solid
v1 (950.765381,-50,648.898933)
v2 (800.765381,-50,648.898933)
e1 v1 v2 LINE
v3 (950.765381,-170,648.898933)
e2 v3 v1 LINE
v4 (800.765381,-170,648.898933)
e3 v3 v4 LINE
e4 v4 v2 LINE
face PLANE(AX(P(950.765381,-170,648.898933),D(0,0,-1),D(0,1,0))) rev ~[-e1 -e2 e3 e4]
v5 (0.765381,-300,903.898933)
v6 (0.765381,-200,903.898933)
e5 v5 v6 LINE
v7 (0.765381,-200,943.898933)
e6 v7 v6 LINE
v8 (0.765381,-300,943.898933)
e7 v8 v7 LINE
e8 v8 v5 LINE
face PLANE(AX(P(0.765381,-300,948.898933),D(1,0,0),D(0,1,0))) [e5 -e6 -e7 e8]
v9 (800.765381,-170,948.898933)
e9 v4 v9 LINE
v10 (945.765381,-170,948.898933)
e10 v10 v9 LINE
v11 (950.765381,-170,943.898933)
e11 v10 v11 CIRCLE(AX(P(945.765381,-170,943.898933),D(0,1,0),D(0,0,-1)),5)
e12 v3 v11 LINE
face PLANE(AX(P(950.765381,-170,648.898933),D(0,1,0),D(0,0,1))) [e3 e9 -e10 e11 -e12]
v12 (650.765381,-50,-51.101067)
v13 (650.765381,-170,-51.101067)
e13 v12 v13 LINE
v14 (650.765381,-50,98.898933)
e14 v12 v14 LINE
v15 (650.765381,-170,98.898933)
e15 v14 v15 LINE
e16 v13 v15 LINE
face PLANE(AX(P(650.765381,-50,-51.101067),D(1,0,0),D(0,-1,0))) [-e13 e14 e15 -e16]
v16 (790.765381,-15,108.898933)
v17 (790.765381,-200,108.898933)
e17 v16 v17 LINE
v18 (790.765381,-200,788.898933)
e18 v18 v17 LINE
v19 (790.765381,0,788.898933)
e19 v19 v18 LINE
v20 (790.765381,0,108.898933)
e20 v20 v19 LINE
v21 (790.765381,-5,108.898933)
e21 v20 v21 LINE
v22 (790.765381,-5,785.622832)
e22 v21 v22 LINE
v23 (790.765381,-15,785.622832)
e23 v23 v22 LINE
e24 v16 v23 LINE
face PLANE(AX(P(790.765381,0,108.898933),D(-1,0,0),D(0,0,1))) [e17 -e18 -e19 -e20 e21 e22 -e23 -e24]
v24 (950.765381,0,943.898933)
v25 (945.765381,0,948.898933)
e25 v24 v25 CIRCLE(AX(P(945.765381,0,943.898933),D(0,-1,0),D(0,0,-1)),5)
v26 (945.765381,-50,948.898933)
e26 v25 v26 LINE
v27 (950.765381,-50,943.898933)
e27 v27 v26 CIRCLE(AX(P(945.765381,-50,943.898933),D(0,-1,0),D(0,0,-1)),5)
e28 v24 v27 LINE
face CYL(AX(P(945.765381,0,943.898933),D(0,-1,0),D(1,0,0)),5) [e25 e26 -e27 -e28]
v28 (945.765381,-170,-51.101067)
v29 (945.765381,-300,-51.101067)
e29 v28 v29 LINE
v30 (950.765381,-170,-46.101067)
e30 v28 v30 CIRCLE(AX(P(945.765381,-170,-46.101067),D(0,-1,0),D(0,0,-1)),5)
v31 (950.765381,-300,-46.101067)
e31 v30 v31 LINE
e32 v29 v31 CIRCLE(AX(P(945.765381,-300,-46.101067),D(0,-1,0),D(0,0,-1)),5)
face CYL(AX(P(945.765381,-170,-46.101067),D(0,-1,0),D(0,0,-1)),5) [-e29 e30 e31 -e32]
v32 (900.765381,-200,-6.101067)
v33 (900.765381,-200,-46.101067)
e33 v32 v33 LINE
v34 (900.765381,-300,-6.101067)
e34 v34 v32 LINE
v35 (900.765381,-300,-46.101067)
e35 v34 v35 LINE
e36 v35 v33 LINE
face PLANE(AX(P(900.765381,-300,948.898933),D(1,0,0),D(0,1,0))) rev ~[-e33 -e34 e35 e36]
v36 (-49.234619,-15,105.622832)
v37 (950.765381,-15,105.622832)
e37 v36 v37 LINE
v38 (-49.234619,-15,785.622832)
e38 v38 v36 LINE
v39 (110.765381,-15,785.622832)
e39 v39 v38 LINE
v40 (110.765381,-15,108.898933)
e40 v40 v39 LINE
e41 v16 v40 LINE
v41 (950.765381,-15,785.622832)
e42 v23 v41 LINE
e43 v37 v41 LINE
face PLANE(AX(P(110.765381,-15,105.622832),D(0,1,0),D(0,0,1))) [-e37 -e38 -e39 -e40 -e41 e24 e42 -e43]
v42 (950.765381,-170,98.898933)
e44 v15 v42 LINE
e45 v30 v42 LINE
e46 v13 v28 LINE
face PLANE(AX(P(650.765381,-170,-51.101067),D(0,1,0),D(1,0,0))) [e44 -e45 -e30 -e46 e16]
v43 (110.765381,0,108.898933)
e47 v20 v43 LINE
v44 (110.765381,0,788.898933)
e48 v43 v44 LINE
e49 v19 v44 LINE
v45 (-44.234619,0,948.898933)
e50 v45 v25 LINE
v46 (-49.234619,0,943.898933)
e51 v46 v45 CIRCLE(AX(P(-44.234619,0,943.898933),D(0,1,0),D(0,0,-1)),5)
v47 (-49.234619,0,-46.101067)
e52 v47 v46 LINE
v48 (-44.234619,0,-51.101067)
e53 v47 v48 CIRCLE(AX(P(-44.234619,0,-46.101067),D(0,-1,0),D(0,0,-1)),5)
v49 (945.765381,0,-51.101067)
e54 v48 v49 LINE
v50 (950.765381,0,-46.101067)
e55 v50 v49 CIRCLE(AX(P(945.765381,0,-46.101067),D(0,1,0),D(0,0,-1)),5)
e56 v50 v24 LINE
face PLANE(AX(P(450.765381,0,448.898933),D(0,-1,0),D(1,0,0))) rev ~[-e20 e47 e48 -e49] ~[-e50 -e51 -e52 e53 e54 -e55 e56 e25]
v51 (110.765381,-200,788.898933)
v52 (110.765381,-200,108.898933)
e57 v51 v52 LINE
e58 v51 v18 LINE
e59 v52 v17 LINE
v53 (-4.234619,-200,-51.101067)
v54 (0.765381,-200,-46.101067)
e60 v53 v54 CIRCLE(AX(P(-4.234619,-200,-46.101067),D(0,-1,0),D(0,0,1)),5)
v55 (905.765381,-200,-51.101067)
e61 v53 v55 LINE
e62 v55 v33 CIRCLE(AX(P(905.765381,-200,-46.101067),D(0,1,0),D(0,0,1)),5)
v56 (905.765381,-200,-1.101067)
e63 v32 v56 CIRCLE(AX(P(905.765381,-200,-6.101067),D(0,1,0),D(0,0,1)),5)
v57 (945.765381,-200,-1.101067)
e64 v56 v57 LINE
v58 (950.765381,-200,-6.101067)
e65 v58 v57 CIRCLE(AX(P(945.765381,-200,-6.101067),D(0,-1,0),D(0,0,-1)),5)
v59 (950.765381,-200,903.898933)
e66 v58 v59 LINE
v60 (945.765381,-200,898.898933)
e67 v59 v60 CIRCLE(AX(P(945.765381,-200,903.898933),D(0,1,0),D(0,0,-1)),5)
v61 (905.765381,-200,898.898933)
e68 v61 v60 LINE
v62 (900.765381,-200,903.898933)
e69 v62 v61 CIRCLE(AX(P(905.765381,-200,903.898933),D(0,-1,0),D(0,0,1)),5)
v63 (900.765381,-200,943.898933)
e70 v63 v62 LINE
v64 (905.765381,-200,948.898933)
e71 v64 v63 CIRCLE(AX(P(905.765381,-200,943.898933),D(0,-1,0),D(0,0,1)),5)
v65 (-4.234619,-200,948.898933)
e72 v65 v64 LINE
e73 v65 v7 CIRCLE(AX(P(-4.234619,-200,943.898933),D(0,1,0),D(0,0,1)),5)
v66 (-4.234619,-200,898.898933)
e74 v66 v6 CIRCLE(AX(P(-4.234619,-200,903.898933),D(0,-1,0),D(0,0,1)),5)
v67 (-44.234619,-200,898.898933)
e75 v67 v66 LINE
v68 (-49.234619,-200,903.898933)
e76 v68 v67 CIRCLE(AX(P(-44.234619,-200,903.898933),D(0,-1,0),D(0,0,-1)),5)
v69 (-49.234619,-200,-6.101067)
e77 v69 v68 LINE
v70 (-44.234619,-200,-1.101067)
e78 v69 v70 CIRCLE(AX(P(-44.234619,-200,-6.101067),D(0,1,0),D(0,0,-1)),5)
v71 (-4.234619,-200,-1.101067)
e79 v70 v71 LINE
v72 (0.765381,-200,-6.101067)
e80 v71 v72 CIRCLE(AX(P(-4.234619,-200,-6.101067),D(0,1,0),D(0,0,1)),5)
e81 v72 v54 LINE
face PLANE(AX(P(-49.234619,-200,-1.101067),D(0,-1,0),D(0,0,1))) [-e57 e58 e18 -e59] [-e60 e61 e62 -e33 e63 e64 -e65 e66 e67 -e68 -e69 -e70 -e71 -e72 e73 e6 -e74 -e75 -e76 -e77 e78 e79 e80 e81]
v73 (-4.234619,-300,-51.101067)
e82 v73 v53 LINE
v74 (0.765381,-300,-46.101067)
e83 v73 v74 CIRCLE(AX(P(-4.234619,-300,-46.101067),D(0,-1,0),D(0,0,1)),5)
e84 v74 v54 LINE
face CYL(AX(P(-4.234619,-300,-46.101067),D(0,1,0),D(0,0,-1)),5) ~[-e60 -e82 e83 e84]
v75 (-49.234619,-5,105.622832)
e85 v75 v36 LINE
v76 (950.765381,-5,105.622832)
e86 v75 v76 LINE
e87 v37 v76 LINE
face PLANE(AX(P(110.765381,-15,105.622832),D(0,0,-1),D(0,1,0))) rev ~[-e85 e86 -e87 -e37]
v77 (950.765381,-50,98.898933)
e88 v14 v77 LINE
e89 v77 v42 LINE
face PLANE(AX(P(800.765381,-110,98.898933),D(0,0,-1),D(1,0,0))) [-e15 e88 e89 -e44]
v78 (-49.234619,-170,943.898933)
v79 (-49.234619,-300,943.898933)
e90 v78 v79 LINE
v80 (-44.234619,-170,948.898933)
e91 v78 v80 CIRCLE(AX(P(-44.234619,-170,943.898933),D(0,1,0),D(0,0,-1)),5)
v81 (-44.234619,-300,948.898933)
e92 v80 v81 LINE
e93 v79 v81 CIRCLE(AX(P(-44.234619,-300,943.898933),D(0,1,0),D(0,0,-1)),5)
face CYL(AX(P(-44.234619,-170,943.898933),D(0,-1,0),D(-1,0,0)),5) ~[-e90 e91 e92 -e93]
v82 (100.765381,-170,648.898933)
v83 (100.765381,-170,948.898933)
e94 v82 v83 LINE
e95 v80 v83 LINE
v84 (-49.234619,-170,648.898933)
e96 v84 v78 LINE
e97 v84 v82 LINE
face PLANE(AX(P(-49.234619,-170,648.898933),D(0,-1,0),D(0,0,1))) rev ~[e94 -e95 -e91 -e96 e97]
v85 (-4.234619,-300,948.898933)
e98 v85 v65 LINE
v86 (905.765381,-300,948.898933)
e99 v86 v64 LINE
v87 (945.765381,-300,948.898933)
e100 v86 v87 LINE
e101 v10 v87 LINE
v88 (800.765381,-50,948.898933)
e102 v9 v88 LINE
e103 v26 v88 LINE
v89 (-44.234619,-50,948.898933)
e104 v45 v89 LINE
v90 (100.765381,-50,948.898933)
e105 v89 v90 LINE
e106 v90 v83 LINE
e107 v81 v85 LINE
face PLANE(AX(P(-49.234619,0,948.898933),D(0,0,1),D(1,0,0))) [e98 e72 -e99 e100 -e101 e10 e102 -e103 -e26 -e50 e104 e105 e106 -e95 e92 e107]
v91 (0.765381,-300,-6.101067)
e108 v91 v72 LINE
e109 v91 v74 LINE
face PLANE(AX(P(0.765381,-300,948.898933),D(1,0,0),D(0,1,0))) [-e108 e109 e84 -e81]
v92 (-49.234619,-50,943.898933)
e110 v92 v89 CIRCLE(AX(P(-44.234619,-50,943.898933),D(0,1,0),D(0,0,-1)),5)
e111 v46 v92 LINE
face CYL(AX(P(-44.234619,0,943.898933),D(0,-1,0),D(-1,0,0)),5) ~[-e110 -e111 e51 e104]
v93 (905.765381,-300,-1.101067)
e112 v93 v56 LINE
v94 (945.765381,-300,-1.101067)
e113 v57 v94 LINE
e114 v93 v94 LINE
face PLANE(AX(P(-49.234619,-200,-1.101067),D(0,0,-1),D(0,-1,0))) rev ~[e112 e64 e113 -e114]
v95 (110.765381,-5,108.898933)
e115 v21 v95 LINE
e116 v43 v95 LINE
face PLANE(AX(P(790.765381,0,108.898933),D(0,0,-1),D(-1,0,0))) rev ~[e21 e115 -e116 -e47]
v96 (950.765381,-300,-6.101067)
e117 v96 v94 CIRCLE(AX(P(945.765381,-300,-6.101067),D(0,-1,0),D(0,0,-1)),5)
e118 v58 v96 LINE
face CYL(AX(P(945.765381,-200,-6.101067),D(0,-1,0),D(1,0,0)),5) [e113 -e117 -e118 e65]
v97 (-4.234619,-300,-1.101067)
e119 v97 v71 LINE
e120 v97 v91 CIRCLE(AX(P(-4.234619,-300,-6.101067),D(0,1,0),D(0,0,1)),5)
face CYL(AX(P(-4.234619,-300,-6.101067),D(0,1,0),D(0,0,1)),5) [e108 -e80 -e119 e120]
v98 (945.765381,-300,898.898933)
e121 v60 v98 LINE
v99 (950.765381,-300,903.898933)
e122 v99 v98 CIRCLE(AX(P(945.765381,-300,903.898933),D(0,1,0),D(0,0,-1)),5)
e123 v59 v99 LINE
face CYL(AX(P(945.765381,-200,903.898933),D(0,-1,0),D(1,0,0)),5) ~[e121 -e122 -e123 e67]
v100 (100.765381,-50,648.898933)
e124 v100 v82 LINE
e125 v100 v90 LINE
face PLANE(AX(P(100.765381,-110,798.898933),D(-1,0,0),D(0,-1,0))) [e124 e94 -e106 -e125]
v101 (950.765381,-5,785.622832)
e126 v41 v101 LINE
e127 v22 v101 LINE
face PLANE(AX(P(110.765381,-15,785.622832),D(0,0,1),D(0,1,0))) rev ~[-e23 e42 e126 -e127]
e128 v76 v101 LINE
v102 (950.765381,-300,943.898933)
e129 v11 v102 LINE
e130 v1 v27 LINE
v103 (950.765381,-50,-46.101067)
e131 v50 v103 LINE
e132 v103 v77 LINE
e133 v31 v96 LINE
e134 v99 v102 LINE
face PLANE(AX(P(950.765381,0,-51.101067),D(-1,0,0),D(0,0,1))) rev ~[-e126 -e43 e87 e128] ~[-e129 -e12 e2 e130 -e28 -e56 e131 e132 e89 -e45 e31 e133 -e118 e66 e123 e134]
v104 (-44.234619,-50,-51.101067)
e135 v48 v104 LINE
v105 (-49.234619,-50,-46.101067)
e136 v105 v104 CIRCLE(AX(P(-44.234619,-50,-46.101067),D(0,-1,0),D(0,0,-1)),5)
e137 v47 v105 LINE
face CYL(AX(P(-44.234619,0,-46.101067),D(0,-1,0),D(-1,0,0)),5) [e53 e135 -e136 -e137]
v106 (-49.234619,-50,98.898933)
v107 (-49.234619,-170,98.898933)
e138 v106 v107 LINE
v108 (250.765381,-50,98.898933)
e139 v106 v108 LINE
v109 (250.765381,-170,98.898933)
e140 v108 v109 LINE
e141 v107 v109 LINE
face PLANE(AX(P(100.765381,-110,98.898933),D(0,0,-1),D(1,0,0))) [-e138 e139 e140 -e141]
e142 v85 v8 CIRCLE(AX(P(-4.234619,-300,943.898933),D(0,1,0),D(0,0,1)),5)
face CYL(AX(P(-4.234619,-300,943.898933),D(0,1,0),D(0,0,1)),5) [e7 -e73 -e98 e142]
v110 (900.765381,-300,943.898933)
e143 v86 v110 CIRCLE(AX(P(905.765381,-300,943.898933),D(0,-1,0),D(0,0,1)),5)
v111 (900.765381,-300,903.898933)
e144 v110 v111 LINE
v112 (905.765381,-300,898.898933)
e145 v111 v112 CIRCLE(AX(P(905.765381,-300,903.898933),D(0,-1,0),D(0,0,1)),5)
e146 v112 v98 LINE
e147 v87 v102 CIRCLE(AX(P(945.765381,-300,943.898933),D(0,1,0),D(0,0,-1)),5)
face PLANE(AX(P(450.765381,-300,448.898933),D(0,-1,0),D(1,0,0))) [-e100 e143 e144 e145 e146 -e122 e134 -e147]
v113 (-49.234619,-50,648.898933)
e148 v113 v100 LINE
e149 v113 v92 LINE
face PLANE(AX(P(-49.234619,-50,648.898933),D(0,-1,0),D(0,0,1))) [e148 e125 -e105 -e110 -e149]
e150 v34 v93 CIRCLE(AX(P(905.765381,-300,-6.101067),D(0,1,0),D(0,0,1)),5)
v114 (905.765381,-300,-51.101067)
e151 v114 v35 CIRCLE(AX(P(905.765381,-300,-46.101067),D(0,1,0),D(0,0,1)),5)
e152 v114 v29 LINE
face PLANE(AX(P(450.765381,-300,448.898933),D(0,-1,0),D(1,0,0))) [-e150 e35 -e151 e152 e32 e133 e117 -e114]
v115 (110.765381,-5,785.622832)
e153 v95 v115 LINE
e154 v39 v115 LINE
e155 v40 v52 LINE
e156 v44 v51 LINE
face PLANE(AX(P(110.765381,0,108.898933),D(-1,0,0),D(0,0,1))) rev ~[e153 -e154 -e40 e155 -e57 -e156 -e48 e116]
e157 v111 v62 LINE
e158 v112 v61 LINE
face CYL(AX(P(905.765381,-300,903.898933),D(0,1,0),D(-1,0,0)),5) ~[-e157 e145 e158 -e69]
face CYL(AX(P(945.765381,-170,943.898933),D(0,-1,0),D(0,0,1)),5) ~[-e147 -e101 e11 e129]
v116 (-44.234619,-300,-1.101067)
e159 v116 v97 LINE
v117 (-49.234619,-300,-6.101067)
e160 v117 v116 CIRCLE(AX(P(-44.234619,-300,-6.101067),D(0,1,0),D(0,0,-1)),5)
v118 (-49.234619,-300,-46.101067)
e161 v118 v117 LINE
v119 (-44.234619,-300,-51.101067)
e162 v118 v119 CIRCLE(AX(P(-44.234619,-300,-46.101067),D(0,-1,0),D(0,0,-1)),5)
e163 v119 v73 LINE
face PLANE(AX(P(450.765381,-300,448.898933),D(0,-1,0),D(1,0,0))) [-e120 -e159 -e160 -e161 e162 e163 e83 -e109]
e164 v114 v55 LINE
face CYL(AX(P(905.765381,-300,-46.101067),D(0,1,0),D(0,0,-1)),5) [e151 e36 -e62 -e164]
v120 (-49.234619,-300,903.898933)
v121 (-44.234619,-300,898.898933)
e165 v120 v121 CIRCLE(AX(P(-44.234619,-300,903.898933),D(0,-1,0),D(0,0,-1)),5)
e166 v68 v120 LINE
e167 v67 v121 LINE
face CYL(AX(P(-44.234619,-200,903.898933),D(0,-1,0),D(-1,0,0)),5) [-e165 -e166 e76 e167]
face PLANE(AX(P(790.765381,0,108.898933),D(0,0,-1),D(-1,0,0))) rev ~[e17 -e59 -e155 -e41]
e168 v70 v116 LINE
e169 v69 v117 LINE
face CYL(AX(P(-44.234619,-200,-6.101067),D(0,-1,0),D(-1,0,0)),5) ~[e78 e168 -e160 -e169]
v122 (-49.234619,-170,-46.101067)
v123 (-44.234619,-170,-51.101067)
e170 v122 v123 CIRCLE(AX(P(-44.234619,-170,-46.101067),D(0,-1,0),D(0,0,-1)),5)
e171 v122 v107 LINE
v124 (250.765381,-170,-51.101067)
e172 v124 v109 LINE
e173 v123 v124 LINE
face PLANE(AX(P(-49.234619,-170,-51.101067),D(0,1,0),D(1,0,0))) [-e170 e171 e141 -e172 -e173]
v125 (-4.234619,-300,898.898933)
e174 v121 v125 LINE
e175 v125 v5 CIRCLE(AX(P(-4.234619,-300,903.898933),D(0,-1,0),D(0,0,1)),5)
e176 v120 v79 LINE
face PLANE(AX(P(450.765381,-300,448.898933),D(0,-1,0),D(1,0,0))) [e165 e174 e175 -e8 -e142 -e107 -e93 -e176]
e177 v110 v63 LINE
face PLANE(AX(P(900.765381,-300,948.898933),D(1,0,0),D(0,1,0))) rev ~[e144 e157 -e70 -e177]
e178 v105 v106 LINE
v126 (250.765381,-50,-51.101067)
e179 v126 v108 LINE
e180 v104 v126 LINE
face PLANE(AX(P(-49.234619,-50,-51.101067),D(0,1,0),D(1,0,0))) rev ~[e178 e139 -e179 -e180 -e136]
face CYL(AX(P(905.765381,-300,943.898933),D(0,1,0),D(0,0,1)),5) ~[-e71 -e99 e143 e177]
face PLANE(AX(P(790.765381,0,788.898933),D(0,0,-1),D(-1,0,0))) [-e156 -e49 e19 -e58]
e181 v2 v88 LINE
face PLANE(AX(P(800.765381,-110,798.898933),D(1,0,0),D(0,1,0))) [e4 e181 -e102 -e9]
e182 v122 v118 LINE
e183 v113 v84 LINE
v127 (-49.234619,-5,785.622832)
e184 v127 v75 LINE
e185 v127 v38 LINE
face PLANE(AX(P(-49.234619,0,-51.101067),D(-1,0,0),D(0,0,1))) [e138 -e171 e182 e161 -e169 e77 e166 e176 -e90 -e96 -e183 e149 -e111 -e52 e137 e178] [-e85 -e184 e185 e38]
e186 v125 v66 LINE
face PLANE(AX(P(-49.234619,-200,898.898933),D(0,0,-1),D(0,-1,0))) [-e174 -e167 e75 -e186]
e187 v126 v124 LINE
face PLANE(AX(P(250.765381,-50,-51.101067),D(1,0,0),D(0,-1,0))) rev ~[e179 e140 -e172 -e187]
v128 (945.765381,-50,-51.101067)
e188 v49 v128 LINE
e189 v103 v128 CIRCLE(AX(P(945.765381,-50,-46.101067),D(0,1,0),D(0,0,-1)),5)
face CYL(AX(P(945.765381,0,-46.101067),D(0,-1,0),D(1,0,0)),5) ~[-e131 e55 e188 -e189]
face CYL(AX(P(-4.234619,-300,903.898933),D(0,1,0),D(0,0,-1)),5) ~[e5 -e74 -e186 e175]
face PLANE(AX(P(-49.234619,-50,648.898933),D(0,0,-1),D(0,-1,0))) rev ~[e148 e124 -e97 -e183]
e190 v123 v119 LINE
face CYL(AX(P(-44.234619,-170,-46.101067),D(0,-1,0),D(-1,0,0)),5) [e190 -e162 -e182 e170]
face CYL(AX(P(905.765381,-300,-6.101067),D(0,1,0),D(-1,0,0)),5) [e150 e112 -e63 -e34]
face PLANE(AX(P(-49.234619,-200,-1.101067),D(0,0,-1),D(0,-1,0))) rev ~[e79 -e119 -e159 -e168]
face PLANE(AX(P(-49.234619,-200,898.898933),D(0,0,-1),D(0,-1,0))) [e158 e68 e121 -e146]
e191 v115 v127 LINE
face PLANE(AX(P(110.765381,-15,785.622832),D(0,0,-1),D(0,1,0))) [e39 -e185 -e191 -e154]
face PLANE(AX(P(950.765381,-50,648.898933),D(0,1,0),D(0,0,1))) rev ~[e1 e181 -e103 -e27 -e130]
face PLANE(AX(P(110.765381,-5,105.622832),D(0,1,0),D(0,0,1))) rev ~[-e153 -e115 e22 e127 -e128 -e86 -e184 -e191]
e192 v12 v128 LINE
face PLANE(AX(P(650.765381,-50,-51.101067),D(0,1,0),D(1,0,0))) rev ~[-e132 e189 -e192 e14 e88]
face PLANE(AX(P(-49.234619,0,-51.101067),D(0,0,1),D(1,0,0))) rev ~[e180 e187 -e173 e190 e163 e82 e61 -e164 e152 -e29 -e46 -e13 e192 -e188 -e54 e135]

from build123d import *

# Parameters (mm, degrees)
F0_W      = 1000
F0_H      = 1000
F1_DEPTH  = 300
F2_W      = 900
F2_H      = 100
F3_DEPTH  = 1000.001
F4_W      = 100
F4_H      = 900
F5_DEPTH  = 1000.001
F6_W      = 300
F6_H      = 120
F7_DEPTH  = 150
F8_W      = 300
F8_H      = 120
F9_DEPTH  = 150
F10_W     = 120
F10_H     = 300
F11_DEPTH = 150
F12_W     = 120
F12_H     = 300
F13_DEPTH = 150
F14_R     = 5
F15_R     = 5
F16_W     = 680
F16_H     = 680
F17_DEPTH = 300.001
F18_W     = 10
F18_H     = 680
F19_DEPTH = 160.001
F20_DEPTH = 840.001


with BuildPart() as f1:
    # F0 (on Front) → F1 (new body)
    with BuildSketch(Plane.XZ):
        with Locations((450.7653813809, 448.8989327101)):
            Rectangle(F0_W, F0_H)
    extrude(amount=F1_DEPTH)

    # F2 (on face) → F3 (cut, through all)
    with BuildSketch(Plane.XY.offset(948.8989327101)):
        with Locations((450.7653813809, -250)):
            Rectangle(F2_W, F2_H)
    extrude(amount=-F3_DEPTH, mode=Mode.SUBTRACT)

    # F4 (on face) → F5 (cut, through all)
    with BuildSketch(Plane(origin=(-49.2346186191, 0, 0), x_dir=(0, -1, 0), z_dir=(-1, 0, 0))):
        with Locations((250, 448.8989327101)):
            Rectangle(F4_W, F4_H)
    extrude(amount=-F5_DEPTH, mode=Mode.SUBTRACT)

    # F6 (on face) → F7 (cut)
    with BuildSketch(Plane(origin=(0, 0, -51.1010672899), x_dir=(1, 0, 0), z_dir=(0, 0, -1))):
        with Locations((100.7653813809, 110)):
            Rectangle(F6_W, F6_H)
    extrude(amount=-F7_DEPTH, mode=Mode.SUBTRACT)

    # F8 (on face) → F9 (cut)
    with BuildSketch(Plane(origin=(0, 0, -51.1010672899), x_dir=(1, 0, 0), z_dir=(0, 0, -1))):
        with Locations((800.7653813809, 110)):
            Rectangle(F8_W, F8_H)
    extrude(amount=-F9_DEPTH, mode=Mode.SUBTRACT)

    # F10 (on face) → F11 (cut)
    with BuildSketch(Plane.YZ.offset(950.7653813809)):
        with Locations((-110, 798.8989327101)):
            Rectangle(F10_W, F10_H)
    extrude(amount=-F11_DEPTH, mode=Mode.SUBTRACT)

    # F12 (on face) → F13 (cut)
    with BuildSketch(Plane(origin=(-49.2346186191, 0, 0), x_dir=(0, -1, 0), z_dir=(-1, 0, 0))):
        with Locations((110, 798.8989327101)):
            Rectangle(F12_W, F12_H)
    extrude(amount=-F13_DEPTH, mode=Mode.SUBTRACT)

    # F14
    f14_edges = [f1.edges().sort_by_distance(p)[0] for p in [
        (950.765381, -235, -51.101067),
        (900.765381, -250, -51.101067),
        (950.765381, -250, -1.101067),
        (900.765381, -250, -1.101067),
        (-49.234619, -235, -51.101067),
        (0.765381, -250, -51.101067),
        (-49.234619, -250, -1.101067),
        (0.765381, -250, -1.101067),
        (-49.234619, -235, 948.898933),
        (0.765381, -250, 948.898933),
        (-49.234619, -250, 898.898933),
        (0.765381, -250, 898.898933),
        (950.765381, -235, 948.898933),
        (950.765381, -250, 898.898933),
        (900.765381, -250, 898.898933),
        (900.765381, -250, 948.898933),
    ]]
    fillet(f14_edges, radius=F14_R)

    # F15
    f15_edges = [f1.edges().sort_by_distance(p)[0] for p in [
        (950.765381, -25, 948.898933),
        (950.765381, -25, -51.101067),
        (-49.234619, -25, -51.101067),
        (-49.234619, -25, 948.898933),
    ]]
    fillet(f15_edges, radius=F15_R)

    # F16 (on face) → F17 (cut, through all)
    with BuildSketch(Plane(origin=(0, 0, 0), x_dir=(-1, 0, 0), z_dir=(0, 1, 0))):
        with Locations((-450.7653813809, 448.8989327101)):
            Rectangle(F16_W, F16_H)
    extrude(amount=-F17_DEPTH, mode=Mode.SUBTRACT)

    # F18 (on face) → F19 (cut, through all)
    with BuildSketch(Plane.YZ.offset(110.7653813809)):
        with Locations((-10, 445.622831583)):
            Rectangle(F18_W, F18_H)
    extrude(amount=-F19_DEPTH, mode=Mode.SUBTRACT)

    # F18 (on face) → F20 (cut, through all)
    with BuildSketch(Plane.YZ.offset(110.7653813809)):
        with Locations((-10, 445.622831583)):
            Rectangle(F18_W, F18_H)
    extrude(amount=F20_DEPTH, mode=Mode.SUBTRACT)


solid = f1.part
